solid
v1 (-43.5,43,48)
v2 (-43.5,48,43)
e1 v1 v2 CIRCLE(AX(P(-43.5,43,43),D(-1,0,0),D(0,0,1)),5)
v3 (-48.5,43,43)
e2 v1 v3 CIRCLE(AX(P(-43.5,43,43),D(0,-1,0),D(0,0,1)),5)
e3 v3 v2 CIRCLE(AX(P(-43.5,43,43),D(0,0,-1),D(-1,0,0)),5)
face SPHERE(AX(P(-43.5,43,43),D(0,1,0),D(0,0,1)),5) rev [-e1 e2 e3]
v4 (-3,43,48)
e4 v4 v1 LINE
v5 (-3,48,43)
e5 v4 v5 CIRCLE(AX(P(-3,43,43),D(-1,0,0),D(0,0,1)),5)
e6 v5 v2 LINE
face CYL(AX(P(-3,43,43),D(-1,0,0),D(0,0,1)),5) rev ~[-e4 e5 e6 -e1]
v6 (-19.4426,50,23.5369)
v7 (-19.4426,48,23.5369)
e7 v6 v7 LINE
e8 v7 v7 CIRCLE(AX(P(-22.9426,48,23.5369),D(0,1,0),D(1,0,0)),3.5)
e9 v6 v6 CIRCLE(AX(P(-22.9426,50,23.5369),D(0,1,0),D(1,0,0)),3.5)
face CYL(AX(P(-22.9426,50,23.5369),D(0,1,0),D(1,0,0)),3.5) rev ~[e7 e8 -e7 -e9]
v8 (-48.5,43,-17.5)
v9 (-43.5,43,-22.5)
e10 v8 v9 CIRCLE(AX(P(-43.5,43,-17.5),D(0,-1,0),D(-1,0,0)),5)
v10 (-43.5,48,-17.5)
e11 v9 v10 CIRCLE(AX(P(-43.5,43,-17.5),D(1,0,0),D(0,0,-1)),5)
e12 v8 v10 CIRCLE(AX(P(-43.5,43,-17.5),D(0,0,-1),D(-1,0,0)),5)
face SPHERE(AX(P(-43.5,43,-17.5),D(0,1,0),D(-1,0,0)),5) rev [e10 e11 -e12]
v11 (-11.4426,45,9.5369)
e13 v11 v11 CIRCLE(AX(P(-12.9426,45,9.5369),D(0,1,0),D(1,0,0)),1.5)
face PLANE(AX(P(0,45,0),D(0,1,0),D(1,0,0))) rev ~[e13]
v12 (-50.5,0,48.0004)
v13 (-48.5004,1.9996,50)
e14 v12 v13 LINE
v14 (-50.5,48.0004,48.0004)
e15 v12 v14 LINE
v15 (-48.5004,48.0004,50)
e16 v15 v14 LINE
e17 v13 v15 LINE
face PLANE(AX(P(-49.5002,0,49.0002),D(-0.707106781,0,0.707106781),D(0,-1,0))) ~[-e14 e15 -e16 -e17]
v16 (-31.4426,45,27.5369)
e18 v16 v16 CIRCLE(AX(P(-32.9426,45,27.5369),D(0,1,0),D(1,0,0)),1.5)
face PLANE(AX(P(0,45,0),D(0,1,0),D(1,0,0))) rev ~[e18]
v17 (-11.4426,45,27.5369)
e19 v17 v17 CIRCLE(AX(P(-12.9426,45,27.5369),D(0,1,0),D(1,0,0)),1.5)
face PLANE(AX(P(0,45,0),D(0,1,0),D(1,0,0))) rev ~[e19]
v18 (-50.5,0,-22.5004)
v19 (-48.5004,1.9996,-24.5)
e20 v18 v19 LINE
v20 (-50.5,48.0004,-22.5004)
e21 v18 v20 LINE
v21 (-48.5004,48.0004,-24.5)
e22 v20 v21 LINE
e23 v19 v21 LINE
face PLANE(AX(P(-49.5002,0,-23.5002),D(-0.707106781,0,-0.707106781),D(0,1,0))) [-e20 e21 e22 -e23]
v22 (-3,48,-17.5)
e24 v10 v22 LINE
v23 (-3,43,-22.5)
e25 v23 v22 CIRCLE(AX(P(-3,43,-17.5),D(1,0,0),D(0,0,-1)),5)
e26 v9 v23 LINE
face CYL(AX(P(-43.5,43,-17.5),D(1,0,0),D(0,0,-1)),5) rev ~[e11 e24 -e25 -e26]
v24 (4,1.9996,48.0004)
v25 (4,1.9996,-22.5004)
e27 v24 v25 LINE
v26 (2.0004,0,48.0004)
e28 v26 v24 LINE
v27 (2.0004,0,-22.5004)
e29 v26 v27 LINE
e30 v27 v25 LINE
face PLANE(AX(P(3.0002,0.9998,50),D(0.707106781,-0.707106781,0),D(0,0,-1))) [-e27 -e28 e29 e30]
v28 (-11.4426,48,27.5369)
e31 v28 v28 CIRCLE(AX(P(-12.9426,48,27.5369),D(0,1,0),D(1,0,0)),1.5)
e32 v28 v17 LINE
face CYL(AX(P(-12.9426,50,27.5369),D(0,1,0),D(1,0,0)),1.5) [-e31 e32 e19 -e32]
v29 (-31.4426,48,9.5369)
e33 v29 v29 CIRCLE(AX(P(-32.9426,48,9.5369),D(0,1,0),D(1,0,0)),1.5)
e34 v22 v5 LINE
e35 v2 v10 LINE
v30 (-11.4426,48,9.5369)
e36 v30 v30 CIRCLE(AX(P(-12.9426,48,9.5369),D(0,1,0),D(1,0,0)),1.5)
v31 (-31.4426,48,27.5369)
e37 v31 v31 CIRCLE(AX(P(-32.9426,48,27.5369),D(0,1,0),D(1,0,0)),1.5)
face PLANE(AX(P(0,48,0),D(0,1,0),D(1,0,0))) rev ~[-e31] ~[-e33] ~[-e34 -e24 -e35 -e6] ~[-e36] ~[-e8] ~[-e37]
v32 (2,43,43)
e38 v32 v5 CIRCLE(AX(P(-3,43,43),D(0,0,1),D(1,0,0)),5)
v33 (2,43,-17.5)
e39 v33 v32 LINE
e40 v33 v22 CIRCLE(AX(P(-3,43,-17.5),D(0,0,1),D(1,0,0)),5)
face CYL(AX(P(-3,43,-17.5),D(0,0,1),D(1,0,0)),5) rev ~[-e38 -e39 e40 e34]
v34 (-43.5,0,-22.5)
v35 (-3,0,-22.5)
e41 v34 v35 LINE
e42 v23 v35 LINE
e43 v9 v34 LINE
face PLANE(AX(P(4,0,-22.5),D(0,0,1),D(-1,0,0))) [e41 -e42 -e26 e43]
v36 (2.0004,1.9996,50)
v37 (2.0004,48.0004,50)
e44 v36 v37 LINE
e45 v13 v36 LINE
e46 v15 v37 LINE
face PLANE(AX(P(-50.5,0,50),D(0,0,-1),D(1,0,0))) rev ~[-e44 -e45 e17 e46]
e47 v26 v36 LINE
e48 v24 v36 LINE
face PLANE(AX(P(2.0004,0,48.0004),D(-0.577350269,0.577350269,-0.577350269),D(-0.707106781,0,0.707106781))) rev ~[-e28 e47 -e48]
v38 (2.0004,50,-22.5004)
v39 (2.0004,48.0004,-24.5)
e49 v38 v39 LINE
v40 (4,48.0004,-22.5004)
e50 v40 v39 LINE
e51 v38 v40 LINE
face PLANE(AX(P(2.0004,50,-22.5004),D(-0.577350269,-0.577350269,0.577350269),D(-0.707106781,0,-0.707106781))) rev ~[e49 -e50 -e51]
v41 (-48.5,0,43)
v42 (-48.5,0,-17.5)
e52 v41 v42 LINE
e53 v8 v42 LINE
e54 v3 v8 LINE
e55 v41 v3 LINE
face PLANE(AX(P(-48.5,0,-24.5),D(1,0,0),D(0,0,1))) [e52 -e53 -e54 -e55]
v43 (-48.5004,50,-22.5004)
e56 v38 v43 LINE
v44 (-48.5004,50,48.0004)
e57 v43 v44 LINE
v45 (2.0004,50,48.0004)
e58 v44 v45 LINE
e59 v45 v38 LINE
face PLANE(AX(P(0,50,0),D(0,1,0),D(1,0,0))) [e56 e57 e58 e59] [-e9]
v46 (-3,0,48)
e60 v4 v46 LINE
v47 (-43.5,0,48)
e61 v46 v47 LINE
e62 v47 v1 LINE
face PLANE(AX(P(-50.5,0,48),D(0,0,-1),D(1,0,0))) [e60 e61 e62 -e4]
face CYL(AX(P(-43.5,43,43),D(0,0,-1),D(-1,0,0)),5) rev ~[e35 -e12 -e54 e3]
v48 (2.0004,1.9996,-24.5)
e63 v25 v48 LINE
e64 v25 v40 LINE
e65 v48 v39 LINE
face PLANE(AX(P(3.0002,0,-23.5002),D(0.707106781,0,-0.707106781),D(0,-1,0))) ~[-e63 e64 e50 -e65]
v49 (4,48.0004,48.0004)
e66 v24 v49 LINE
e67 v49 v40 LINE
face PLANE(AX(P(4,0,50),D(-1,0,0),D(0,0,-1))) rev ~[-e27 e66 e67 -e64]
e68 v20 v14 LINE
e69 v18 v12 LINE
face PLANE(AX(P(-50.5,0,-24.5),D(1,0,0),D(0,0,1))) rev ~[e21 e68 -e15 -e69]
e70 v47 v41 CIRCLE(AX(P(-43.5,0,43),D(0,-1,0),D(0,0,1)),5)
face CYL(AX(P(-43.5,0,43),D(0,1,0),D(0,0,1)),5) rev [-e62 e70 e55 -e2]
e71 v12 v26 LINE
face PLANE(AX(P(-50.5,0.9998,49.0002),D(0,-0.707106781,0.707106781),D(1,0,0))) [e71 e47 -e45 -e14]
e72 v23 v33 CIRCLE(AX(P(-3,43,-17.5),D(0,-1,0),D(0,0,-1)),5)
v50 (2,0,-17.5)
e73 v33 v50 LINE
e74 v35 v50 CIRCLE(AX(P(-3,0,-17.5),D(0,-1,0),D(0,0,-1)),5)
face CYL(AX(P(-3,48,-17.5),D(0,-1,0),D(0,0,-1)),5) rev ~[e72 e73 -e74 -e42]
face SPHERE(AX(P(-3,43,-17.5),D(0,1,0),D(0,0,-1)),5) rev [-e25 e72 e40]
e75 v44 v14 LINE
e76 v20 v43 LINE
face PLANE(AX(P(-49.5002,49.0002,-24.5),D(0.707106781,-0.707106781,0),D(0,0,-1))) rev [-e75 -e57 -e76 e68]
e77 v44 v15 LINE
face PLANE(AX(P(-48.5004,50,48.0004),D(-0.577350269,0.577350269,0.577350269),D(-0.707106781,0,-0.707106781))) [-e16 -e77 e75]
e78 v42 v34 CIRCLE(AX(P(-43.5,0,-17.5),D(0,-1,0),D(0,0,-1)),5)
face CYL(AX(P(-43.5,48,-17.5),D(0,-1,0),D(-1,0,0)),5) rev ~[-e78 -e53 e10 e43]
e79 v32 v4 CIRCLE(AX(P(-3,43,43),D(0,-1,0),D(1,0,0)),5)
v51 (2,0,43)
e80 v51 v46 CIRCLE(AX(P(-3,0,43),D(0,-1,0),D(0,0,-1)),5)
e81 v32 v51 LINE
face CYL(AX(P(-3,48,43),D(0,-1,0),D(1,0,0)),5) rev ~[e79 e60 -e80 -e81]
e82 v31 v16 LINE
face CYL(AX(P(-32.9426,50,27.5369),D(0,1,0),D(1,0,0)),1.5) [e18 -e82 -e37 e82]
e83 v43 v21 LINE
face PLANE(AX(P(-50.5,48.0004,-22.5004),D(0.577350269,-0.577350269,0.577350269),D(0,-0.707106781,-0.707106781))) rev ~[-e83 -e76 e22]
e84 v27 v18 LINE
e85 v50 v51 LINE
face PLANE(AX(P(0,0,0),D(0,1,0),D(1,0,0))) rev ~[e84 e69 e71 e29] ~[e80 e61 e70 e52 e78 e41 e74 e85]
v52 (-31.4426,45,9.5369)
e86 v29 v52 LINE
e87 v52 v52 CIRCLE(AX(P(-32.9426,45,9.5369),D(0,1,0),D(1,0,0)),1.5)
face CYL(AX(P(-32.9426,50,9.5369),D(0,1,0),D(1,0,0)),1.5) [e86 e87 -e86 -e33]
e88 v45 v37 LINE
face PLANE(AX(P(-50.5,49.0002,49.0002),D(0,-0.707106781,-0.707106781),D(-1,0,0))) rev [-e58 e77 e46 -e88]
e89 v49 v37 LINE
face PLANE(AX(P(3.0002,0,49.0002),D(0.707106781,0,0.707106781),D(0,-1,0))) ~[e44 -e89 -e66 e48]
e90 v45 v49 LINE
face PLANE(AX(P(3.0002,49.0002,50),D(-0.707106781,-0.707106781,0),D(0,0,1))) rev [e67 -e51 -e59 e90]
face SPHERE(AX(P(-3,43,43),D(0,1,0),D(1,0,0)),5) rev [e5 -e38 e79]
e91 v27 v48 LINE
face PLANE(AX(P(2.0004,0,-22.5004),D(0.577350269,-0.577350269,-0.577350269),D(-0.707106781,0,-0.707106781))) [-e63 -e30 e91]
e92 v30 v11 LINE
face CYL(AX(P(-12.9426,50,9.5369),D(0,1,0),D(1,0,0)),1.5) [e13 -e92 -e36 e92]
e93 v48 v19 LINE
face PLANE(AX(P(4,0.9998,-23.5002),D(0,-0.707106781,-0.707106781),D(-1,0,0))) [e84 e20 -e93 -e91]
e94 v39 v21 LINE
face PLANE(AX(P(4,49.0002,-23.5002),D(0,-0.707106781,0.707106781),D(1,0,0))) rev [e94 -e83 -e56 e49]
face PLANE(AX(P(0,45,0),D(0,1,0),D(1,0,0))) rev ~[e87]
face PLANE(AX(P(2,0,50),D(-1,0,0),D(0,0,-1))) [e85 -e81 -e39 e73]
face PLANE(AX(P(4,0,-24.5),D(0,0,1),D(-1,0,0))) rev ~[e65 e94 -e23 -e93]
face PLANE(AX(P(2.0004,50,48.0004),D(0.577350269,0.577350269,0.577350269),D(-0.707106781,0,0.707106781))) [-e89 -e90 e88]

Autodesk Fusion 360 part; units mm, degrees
sketch "Sketch1" plane through (0, 0, 0) normal (0, 1, 0) x (1, 0, 0)
  line L0 (-50.5, -50) -> (4, -50)
  line L1 (4, -50) -> (4, 24.5)
  line L2 (4, 24.5) -> (-50.5, 24.5)
  line L3 (-50.5, 24.5) -> (-50.5, -50)
  dimension "d1" = 74.5
  dimension "d2" = 54.5
extrude "Extrude1" add sketch "Sketch1" along normal blind 50
shell "Shell1" thickness 2 removed faces 1 at (-14.1667, 0, 0.3333)
fillet "Fillet1" radius 5 1 edges at (-48.5, 24, -22.5)
fillet "Fillet2" radius 5 1 edges at (2, 24, -22.5)
fillet "Fillet3" radius 5 1 edges at (2, 24, 48)
fillet "Fillet4" radius 5 1 edges at (-48.5, 24, 48)
fillet "Fillet5" radius 5 8 edges at (-47.0355, 48, 46.5355) (-23.25, 48, 48) (0.5355, 48, 46.5355) (2, 48, 12.75) (0.5355, 48, -21.0355) (-23.25, 48, -22.5) (-47.0355, 48, -21.0355) (-48.5, 48, 12.75)
chamfer "Chamfer1" distance 2 angle 45 11 edges at (-50.5, 25, 50) (4, 25, 50) (4, 25, -24.5) (4, 50, 12.75) (4, 0, 12.75) (-23.25, 50, 50) (-23.25, 50, -24.5) (-50.5, 50, 12.75) (-50.5, 25, -24.5) (-23.25, 0, -24.5) (-23.25, 0, 50)
ref_plane "WorkPlane1" through (-23.25, 50, 12.75) normal (0, 1, 0) x (0, 0, 1)
sketch "Sketch2" plane through (0, 50, 0) normal (0, 1, 0) x (1, 0, 0)
  circle A0 centre (-22.9426, -23.5369) radius 4
  circle A1 centre (-22.9426, -23.5369) radius 3.5
  circle A2 centre (-32.9426, -9.5369) radius 1.5
  circle A3 centre (-12.9426, -9.5369) radius 1.5
  circle A4 centre (-12.9426, -27.5369) radius 1.5
  circle A5 centre (-32.9426, -27.5369) radius 1.5
extrude "Extrude2" add sketch "Sketch2" against normal blind 5 contours A2 | A3 | A4 | A5
extrude "Extrude3" cut sketch "Sketch2" against normal blind 7 contours A1
